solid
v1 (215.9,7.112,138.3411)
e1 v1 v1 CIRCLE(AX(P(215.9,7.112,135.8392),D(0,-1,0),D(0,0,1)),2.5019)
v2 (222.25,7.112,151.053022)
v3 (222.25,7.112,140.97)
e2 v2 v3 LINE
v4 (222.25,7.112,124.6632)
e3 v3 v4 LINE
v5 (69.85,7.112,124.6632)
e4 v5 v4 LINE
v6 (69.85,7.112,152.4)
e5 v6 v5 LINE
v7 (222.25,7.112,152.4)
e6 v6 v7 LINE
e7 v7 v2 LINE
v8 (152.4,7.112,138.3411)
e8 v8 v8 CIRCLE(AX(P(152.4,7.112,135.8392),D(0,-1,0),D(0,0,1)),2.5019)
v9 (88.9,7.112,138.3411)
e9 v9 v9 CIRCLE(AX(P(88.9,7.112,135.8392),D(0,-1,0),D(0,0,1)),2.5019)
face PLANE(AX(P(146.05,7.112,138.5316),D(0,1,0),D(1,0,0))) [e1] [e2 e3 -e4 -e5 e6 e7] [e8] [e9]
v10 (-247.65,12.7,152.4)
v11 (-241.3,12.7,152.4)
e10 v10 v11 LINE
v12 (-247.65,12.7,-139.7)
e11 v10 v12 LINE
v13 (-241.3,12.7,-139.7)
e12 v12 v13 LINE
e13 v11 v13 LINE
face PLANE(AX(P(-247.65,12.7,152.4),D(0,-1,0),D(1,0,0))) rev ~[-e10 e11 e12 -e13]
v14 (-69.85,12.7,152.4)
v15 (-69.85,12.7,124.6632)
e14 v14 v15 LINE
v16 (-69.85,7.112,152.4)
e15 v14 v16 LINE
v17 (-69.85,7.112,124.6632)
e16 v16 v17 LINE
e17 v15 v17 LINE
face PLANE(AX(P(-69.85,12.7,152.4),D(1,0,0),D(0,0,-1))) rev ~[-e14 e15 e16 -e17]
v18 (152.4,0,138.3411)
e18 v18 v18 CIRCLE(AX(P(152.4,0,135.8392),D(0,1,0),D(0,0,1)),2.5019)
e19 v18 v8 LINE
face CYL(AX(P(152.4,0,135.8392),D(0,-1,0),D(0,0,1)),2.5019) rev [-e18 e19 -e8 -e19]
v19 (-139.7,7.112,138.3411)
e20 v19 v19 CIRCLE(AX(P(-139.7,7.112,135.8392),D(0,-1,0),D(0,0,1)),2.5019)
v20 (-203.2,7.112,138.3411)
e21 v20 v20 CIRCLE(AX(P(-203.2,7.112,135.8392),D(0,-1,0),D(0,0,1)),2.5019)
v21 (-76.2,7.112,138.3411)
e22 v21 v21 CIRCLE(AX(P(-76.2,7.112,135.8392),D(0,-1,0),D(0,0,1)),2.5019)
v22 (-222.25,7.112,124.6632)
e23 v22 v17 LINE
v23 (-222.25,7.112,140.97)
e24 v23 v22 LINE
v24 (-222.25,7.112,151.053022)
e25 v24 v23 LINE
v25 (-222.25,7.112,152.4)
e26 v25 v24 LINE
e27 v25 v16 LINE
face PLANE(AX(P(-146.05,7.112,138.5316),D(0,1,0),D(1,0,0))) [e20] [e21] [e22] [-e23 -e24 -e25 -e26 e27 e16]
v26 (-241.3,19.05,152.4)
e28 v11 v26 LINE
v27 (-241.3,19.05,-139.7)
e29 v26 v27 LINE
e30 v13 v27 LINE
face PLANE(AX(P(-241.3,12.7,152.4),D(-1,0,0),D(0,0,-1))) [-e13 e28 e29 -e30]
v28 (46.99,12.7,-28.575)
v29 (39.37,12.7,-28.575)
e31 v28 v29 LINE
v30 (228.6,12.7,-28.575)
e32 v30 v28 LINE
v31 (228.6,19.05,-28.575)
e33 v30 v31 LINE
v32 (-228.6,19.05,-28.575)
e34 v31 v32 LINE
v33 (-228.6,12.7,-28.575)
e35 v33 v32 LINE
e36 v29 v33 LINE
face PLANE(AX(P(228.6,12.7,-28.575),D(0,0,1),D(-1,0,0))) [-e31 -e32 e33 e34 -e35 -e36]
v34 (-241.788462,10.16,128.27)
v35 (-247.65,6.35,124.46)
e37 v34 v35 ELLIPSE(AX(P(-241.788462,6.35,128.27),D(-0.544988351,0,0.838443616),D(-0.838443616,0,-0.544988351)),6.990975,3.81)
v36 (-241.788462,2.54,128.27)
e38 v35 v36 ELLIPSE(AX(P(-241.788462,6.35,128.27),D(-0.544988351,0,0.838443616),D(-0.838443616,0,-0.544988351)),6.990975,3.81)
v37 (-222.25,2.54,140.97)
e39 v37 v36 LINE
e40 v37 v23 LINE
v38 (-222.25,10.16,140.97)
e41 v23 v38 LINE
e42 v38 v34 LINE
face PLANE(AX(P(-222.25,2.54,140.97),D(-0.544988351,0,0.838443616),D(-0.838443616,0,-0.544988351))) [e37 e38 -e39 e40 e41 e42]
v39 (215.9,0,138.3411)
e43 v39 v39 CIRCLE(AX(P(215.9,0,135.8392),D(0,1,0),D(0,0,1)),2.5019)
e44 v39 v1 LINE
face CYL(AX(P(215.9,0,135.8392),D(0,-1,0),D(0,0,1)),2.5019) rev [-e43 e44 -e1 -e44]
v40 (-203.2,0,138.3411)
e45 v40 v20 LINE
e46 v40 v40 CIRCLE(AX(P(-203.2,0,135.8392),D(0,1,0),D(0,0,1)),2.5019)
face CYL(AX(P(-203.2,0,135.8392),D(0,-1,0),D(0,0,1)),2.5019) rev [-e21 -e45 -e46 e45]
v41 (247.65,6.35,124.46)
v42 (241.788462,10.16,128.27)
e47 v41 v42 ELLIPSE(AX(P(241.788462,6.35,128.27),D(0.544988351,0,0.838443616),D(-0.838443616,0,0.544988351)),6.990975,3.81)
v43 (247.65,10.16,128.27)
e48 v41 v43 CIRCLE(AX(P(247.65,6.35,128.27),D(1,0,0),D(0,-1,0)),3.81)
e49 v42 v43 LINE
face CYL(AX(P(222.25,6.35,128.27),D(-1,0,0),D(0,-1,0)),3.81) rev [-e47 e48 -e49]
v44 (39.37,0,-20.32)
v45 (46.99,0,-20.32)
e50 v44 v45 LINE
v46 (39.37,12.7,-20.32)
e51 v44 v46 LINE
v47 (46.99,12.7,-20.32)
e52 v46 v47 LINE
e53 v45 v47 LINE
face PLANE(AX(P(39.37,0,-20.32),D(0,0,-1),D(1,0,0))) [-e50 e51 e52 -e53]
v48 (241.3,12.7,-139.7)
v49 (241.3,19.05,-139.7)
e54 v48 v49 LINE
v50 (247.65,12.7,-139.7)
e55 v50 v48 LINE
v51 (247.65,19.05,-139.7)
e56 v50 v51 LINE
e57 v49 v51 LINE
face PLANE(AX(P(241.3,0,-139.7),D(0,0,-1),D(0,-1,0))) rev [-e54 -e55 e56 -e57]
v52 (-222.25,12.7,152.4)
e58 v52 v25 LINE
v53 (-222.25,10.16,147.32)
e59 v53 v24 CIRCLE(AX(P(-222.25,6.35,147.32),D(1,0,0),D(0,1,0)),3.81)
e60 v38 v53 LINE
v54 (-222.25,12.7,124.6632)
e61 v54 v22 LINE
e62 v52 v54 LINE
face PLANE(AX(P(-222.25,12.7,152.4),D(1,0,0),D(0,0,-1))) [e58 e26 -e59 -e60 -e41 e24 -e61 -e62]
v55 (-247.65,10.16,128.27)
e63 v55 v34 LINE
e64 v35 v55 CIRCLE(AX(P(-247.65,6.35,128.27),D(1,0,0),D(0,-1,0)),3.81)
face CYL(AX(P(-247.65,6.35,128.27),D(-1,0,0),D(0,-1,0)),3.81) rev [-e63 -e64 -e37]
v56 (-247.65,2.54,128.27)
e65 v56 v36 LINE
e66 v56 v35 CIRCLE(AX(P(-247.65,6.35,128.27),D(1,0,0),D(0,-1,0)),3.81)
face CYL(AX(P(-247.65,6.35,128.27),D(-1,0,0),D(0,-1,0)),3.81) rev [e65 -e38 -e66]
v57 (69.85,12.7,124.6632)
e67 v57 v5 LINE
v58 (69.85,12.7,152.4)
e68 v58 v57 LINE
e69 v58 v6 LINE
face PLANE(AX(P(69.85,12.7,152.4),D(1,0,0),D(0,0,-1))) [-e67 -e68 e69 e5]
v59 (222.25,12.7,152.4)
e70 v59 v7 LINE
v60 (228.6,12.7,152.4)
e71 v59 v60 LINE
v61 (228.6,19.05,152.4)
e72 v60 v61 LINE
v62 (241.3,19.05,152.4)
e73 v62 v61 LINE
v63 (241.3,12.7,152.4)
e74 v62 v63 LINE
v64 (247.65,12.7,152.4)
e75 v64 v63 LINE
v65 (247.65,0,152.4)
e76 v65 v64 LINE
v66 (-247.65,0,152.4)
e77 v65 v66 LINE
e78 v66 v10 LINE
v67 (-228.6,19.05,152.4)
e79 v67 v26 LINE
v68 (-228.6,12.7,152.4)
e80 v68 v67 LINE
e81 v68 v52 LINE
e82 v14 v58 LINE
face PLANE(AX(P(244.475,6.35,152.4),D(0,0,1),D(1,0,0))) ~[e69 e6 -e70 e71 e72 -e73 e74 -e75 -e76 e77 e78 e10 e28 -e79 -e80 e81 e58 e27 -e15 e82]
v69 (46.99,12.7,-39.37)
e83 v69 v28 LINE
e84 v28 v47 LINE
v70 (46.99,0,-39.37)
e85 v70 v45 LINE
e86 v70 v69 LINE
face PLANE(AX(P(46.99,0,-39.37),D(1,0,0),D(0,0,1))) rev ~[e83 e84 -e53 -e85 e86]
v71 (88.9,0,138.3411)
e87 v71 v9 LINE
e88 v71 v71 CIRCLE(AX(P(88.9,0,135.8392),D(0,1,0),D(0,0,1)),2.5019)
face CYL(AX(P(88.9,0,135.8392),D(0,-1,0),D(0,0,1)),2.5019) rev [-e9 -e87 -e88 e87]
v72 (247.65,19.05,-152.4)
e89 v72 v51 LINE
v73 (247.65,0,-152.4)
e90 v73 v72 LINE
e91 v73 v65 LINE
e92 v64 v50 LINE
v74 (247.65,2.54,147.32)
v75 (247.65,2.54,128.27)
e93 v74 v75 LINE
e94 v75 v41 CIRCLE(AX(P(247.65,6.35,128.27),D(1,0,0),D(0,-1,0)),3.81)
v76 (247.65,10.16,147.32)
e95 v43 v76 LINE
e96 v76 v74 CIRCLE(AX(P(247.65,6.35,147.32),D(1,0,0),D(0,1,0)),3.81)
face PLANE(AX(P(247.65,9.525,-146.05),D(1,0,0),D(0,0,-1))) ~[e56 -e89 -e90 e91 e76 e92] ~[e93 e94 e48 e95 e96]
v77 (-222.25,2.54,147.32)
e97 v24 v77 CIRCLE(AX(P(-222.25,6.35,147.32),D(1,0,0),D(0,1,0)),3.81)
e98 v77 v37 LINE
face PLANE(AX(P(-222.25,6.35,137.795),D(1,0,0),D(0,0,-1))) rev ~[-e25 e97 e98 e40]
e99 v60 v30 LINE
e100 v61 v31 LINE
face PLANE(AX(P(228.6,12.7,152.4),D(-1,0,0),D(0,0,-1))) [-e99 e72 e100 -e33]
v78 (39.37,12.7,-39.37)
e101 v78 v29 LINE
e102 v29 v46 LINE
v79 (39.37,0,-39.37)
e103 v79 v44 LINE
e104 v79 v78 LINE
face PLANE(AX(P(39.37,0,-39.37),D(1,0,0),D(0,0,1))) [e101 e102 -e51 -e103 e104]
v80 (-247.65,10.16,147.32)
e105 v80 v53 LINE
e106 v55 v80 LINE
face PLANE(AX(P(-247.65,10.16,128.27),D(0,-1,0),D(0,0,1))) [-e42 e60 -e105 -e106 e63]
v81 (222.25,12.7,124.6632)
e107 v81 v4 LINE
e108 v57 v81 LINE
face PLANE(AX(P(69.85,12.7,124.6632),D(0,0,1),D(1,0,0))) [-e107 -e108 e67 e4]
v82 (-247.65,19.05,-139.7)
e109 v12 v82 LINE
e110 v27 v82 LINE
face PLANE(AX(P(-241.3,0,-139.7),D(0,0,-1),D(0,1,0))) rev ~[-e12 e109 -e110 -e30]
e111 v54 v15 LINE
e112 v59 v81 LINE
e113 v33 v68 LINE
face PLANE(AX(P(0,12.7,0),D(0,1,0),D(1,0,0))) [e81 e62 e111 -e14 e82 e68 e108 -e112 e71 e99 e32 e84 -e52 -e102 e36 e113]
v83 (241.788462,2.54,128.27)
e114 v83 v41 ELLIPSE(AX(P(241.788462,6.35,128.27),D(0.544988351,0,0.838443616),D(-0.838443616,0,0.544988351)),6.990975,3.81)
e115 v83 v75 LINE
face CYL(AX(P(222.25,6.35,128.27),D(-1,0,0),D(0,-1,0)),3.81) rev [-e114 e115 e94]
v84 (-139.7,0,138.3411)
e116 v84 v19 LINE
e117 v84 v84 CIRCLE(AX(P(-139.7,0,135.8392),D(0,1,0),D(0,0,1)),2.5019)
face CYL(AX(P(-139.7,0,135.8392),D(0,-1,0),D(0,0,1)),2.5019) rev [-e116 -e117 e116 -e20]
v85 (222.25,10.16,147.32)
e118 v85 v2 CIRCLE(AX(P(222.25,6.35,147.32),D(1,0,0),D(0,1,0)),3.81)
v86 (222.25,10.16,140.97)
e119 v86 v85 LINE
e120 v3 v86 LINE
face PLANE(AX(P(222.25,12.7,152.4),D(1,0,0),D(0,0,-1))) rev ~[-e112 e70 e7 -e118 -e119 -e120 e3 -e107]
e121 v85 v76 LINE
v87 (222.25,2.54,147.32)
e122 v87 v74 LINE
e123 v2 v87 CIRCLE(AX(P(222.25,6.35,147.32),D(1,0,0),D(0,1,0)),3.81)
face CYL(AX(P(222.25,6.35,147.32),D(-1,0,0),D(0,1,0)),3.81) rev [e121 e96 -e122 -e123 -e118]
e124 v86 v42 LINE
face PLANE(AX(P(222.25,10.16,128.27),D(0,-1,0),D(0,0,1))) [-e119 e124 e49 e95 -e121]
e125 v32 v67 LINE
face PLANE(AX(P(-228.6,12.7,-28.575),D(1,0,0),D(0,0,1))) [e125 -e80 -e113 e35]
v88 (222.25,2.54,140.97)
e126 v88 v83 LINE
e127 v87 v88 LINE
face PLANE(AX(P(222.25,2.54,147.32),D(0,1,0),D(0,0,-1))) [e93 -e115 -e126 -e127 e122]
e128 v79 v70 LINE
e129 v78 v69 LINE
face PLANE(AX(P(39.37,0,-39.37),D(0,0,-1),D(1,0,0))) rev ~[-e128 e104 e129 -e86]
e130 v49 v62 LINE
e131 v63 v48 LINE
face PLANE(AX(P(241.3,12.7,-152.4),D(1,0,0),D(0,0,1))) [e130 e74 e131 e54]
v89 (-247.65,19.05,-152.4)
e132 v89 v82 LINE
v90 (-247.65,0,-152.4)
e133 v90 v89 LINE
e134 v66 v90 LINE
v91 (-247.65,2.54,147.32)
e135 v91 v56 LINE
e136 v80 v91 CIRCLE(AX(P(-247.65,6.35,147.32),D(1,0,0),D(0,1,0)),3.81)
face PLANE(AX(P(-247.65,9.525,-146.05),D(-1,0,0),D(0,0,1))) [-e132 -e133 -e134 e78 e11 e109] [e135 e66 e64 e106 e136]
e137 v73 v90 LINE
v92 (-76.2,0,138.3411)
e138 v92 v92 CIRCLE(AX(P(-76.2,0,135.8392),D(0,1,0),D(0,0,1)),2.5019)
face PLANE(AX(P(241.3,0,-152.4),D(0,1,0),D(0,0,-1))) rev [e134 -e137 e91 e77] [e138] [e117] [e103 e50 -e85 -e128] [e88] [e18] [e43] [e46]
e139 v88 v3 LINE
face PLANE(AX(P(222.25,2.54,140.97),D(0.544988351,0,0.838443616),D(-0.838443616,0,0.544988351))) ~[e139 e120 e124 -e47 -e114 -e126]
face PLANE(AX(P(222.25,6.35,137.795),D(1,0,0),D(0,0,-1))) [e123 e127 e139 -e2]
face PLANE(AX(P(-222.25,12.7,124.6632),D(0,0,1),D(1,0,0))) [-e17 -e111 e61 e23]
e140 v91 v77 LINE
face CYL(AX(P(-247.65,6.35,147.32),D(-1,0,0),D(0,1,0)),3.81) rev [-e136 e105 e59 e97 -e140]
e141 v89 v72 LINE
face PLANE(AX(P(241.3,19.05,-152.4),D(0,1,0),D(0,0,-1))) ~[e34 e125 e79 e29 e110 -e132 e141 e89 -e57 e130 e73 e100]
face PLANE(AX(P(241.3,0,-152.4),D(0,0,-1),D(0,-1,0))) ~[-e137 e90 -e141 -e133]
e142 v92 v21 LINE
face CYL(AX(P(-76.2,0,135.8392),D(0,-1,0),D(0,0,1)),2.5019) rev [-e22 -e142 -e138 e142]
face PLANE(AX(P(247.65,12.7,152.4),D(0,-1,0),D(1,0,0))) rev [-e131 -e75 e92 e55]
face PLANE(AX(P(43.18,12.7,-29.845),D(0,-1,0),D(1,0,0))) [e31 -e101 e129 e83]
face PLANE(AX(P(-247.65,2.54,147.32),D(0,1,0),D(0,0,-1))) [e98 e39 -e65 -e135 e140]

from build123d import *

# Parameters (mm, degrees)
SKETCH1_W           = 482.6
SKETCH1_H           = 304.8
SKETCH1_R           = 2.5019
BOSS_EXTRUDE1_DEPTH = 12.7
BOSS_EXTRUDE2_DEPTH = 6.35
SKETCH4_W           = 6.35
SKETCH4_H           = 12.7
BOSS_EXTRUDE3_DEPTH = 292.1
SKETCH5_W           = 12.7
SKETCH5_H           = 19.05
BOSS_EXTRUDE4_DEPTH = 6.35
CUT_EXTRUDE2_START  = 6.35
CUT_EXTRUDE2_DEPTH  = 25.4
CUT_EXTRUDE3_START  = -463.55
CUT_EXTRUDE3_DEPTH  = 25.4
BOSS_EXTRUDE5_START = -2.54
BOSS_EXTRUDE5_DEPTH = 7.62
SKETCH13_W          = 152.4
SKETCH13_H          = 27.7368
CUT_EXTRUDE4_DEPTH  = 5.588
SKETCH14_W          = 7.62
SKETCH14_H          = 19.05
CUT_EXTRUDE5_DEPTH  = 12.7


with BuildPart() as part:
    # Sketch1 → Boss-Extrude1 (new body)
    with BuildSketch(Plane(origin=(0, 0, 0), x_dir=(1, 0, 0), z_dir=(0, 1, 0))):
        Rectangle(SKETCH1_W, SKETCH1_H)
        with Locations(Location((-203.2, -135.8392, 0), (0, 0, 270))):
            Circle(SKETCH1_R, mode=Mode.SUBTRACT)
        with Locations(Location((-139.7, -135.8392, 0), (0, 0, 270))):
            Circle(SKETCH1_R, mode=Mode.SUBTRACT)
        with Locations(Location((-76.2, -135.8392, 0), (0, 0, 270))):
            Circle(SKETCH1_R, mode=Mode.SUBTRACT)
        with Locations(Location((88.9, -135.8392, 0), (0, 0, 270))):
            Circle(SKETCH1_R, mode=Mode.SUBTRACT)
        with Locations(Location((152.4, -135.8392, 0), (0, 0, 270))):
            Circle(SKETCH1_R, mode=Mode.SUBTRACT)
        with Locations(Location((215.9, -135.8392, 0), (0, 0, 270))):
            Circle(SKETCH1_R, mode=Mode.SUBTRACT)
    extrude(amount=BOSS_EXTRUDE1_DEPTH)

    # Sketch2 → Boss-Extrude2 (add)
    with BuildSketch(Plane(origin=(0, 12.7, 0), x_dir=(1, 0, 0), z_dir=(0, 1, 0))):
        Polygon((-241.3, 152.4), (-228.6, 152.4), (228.6, 152.4), (241.3, 152.4), (241.3, -152.4), (228.6, -152.4), (228.6, 28.575), (-228.6, 28.575), (-228.6, -152.4), (-241.3, -152.4), align=None)
    extrude(amount=BOSS_EXTRUDE2_DEPTH)

    # Sketch4 → Boss-Extrude3 (add)
    with BuildSketch(Plane.XY.offset(152.4)):
        with Locations((-244.475, 6.35)):
            Rectangle(SKETCH4_W, SKETCH4_H)
    boss_extrude3 = extrude(amount=-BOSS_EXTRUDE3_DEPTH)

    # Sketch5 → Boss-Extrude4 (add)
    with BuildSketch(Plane.ZY.offset(241.3)):
        with Locations((-146.05, 9.525)):
            Rectangle(SKETCH5_W, SKETCH5_H)
    boss_extrude4 = extrude(amount=BOSS_EXTRUDE4_DEPTH)

    # Mirror1: Boss-Extrude3, Boss-Extrude4 across plane
    add(boss_extrude3.mirror(Plane(origin=(0, 0, 0), x_dir=(0, 0, 1), z_dir=(1, 0, 0))))
    add(boss_extrude4.mirror(Plane(origin=(0, 0, 0), x_dir=(0, 0, 1), z_dir=(1, 0, 0))))

    # Sketch6 → Cut-Extrude2 (cut)
    with BuildSketch(Plane.ZY.offset(241.3).offset(CUT_EXTRUDE2_START)):
        with BuildLine():
            Line((147.32, 2.54), (128.27, 2.54))
            ThreePointArc((128.27, 2.54), (124.46, 6.35), (128.27, 10.16))
            Line((128.27, 10.16), (147.32, 10.16))
            ThreePointArc((147.32, 10.16), (151.13, 6.35), (147.32, 2.54))
        make_face()
    extrude(amount=-CUT_EXTRUDE2_DEPTH, mode=Mode.SUBTRACT)

    # Sketch6<2> → Cut-Extrude3 (cut)
    with BuildSketch(Plane.ZY.offset(241.3).offset(CUT_EXTRUDE3_START)):
        with BuildLine():
            Line((147.32, 2.54), (128.27, 2.54))
            ThreePointArc((128.27, 2.54), (124.46, 6.35), (128.27, 10.16))
            Line((128.27, 10.16), (147.32, 10.16))
            ThreePointArc((147.32, 10.16), (151.13, 6.35), (147.32, 2.54))
        make_face()
    extrude(amount=-CUT_EXTRUDE3_DEPTH, mode=Mode.SUBTRACT)

    # Sketch11 → Boss-Extrude5 (add)
    with BuildSketch(Plane.XZ.offset(BOSS_EXTRUDE5_START)):
        Polygon((-247.65, 124.46), (-222.25, 124.46), (-222.25, 140.97), align=None)
    boss_extrude5 = extrude(amount=-BOSS_EXTRUDE5_DEPTH)

    # Mirror2: Boss-Extrude5 across plane
    add(boss_extrude5.mirror(Plane(origin=(0, 0, 0), x_dir=(0, 0, 1), z_dir=(1, 0, 0))))

    # Sketch13 → Cut-Extrude4 (cut)
    with BuildSketch(Plane(origin=(0, 12.7, 0), x_dir=(1, 0, 0), z_dir=(0, 1, 0))):
        with Locations((146.05, -138.5316)):
            Rectangle(SKETCH13_W, SKETCH13_H)
        with Locations((-146.05, -138.5316)):
            Rectangle(SKETCH13_W, SKETCH13_H)
    extrude(amount=-CUT_EXTRUDE4_DEPTH, mode=Mode.SUBTRACT)

    # Sketch14 → Cut-Extrude5 (cut)
    with BuildSketch(Plane.XZ):
        with Locations((43.18, -29.845)):
            Rectangle(SKETCH14_W, SKETCH14_H)
    extrude(amount=-CUT_EXTRUDE5_DEPTH, mode=Mode.SUBTRACT)


solid = part.part
